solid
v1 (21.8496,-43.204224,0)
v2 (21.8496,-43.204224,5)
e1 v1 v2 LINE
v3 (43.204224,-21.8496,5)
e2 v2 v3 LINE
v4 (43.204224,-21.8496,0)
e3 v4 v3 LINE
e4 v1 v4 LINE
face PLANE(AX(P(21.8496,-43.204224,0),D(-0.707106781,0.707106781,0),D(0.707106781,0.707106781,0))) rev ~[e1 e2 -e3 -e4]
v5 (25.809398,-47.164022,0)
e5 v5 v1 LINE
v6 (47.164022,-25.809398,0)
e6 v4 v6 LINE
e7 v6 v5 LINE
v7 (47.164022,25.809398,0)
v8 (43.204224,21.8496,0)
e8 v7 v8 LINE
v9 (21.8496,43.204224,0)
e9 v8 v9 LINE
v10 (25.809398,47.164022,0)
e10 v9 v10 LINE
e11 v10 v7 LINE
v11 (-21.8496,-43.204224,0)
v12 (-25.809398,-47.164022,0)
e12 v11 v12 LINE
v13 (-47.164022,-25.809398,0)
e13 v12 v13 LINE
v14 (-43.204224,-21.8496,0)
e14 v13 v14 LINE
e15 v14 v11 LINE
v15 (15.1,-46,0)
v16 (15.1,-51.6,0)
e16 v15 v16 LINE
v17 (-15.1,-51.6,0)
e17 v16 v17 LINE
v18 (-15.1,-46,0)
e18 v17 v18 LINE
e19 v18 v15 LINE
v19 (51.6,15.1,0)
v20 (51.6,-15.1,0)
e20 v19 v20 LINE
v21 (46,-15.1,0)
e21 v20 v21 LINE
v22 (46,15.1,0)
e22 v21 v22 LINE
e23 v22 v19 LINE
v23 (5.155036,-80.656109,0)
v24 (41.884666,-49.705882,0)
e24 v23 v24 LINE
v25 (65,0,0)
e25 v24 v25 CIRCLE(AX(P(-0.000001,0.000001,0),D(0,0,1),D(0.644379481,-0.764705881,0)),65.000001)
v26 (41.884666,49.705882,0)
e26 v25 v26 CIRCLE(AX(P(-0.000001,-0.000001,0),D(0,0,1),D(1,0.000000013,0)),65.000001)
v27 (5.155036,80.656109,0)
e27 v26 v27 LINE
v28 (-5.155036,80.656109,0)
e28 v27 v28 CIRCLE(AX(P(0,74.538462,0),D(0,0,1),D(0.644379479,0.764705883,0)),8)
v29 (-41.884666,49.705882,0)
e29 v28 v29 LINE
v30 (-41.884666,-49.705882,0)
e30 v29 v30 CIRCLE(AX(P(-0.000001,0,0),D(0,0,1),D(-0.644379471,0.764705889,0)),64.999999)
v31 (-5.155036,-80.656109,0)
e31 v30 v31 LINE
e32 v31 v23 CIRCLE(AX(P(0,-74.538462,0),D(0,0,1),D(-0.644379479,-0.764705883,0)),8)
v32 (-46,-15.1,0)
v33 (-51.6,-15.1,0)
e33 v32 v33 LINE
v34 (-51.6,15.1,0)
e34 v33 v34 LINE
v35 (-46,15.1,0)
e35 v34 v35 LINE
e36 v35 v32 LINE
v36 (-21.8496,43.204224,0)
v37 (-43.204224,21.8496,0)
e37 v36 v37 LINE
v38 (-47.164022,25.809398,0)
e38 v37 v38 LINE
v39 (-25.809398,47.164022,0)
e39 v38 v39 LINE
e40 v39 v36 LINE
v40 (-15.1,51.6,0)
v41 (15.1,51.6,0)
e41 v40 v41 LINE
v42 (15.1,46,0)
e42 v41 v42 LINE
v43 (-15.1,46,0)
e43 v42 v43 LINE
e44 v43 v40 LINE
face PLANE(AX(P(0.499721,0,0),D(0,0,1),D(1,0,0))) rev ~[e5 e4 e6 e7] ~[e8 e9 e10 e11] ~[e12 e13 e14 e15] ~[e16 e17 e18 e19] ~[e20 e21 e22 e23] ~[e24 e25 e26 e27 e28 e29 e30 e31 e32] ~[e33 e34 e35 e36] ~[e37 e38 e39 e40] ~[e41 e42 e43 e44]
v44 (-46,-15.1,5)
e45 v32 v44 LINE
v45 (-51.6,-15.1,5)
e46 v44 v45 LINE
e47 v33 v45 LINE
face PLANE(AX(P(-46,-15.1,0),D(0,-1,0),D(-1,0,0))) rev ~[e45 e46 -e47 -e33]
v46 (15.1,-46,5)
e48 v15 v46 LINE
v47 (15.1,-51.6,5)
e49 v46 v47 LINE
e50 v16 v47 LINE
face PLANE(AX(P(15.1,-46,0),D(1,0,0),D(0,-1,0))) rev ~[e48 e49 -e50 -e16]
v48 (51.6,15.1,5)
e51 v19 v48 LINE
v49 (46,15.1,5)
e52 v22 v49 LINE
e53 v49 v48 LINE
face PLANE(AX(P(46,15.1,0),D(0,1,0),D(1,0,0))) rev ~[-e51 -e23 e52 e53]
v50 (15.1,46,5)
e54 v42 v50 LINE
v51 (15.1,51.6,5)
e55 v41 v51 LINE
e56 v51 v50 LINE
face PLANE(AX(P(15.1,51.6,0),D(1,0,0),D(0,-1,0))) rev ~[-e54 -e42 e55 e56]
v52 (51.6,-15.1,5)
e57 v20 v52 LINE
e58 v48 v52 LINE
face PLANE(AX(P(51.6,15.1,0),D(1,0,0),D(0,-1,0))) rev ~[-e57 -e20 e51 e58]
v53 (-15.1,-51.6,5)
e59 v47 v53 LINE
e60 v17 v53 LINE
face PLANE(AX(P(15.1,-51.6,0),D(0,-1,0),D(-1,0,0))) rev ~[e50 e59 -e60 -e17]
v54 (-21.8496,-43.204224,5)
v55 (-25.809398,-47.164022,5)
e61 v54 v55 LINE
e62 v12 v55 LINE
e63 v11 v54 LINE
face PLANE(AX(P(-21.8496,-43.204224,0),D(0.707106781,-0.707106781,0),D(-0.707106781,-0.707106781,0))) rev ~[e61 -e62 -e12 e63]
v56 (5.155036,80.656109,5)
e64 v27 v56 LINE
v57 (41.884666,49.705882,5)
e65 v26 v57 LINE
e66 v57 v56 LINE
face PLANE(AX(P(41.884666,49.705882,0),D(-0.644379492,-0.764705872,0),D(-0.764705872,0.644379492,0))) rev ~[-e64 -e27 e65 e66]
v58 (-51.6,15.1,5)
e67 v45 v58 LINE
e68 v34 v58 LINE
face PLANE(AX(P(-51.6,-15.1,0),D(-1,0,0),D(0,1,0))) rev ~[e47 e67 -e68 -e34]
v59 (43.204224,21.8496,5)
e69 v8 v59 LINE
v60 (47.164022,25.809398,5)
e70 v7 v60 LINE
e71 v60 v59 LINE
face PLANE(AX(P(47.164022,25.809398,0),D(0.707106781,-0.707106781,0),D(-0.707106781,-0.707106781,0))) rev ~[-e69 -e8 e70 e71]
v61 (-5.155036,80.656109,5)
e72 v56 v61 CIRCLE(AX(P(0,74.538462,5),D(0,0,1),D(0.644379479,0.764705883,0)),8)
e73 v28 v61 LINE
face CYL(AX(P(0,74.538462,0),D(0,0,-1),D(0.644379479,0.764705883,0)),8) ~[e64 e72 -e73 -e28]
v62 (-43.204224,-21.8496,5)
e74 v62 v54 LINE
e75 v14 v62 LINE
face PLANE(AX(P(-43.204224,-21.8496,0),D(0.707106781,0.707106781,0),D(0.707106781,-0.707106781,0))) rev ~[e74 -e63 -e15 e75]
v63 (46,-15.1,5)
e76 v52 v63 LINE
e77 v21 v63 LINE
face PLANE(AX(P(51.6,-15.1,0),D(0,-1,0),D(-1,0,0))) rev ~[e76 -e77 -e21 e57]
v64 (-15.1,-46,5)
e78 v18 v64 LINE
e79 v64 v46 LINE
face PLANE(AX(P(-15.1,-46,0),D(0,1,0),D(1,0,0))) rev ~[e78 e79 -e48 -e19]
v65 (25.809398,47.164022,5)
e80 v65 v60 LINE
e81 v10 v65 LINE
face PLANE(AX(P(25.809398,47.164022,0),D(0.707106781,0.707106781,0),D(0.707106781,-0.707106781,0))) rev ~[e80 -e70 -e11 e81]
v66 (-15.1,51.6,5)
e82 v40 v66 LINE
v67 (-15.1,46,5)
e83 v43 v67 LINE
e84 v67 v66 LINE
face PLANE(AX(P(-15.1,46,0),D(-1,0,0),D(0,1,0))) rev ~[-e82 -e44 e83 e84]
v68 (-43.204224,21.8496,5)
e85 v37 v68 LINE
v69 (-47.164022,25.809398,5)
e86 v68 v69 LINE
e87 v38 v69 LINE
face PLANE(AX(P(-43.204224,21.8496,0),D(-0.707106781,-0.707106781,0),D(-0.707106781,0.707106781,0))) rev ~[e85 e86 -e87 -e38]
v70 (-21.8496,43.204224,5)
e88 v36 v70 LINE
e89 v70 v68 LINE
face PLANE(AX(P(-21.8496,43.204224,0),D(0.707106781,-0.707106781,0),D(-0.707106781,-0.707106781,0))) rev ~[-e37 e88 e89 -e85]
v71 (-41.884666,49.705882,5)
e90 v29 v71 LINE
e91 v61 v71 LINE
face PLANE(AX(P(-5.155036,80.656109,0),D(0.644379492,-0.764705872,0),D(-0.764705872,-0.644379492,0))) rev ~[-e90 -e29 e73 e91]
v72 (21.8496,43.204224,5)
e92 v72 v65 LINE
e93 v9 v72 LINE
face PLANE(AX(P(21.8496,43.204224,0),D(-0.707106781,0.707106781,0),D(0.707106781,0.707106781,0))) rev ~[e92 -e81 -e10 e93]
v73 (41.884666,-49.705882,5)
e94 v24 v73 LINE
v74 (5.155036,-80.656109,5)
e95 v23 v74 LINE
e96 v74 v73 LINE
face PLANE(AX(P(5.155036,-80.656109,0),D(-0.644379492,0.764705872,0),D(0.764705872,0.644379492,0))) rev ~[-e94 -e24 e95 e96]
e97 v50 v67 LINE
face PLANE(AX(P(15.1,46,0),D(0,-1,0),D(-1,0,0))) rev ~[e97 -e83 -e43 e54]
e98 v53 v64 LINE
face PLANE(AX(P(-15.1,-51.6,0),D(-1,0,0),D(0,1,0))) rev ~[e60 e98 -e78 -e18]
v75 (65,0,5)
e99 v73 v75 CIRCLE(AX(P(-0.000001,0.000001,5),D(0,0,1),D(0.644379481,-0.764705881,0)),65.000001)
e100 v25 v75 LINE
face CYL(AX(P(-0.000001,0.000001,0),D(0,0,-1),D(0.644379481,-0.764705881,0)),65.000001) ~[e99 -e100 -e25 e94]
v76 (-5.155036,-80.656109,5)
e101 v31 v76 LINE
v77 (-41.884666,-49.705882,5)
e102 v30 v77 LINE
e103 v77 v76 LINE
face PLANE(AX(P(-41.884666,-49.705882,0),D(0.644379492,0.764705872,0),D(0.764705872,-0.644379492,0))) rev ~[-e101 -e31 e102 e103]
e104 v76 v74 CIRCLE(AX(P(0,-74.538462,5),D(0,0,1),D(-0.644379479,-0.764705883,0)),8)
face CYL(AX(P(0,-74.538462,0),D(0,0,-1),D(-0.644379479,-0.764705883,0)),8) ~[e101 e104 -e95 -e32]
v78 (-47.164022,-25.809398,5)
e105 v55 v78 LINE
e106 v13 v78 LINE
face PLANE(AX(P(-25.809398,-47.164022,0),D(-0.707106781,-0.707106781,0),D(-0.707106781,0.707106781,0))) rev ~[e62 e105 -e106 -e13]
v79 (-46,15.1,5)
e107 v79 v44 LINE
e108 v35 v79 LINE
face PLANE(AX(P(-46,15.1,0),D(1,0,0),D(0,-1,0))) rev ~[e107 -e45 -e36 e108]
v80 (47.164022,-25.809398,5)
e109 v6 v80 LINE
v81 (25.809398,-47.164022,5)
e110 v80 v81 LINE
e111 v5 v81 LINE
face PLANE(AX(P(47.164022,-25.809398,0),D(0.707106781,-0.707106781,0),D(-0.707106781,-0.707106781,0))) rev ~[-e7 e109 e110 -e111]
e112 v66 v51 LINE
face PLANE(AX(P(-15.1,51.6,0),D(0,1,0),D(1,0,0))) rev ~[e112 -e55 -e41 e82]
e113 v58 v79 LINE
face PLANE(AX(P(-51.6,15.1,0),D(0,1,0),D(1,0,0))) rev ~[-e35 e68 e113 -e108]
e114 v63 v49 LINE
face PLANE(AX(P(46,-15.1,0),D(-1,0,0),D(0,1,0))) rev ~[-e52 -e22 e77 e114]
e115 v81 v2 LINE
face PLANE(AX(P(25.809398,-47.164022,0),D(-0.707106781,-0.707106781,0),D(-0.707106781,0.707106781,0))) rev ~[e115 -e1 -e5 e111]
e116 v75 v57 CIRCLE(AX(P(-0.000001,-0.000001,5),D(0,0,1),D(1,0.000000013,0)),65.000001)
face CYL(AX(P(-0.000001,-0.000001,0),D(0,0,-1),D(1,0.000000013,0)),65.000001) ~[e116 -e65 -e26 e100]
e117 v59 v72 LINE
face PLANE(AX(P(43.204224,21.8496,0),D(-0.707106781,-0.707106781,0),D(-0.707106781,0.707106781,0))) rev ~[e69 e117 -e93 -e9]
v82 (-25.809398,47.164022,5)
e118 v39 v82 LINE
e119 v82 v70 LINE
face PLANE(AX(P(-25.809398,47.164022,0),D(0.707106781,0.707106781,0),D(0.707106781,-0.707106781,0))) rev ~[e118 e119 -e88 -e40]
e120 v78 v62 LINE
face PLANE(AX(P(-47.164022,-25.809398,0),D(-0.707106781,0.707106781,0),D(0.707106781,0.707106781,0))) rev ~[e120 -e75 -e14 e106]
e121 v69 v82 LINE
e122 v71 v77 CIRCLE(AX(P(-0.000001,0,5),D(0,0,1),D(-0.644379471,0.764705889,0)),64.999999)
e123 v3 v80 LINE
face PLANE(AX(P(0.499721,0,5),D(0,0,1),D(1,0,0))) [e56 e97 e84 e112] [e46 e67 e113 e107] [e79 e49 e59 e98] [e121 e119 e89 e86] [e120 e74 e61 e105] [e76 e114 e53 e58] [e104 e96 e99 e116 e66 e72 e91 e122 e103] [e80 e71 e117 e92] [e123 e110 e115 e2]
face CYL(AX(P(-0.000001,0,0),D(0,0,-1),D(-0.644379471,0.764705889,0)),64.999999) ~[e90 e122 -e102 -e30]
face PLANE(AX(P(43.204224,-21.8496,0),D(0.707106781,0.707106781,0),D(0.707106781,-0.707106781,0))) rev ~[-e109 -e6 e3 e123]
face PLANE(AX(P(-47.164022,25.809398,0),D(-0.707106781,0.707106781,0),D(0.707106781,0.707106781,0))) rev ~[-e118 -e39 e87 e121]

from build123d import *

# Parameters (mm, degrees)
F1_DEPTH = 5


with BuildPart() as f1:
    # F0 (on Top) → F1 (new body)
    with BuildSketch(Plane.XY):
        with BuildLine():
            ThreePointArc((41.884666, -49.705882), (58.938541, -27.40891), (65, 0))
            ThreePointArc((65, 0), (58.938541, 27.40891), (41.884666, 49.705882))
            ThreePointArc((41.884666, 49.705882), (0, 65), (-41.884666, 49.705882))
            ThreePointArc((-41.884666, 49.705882), (-65, 0), (-41.884666, -49.705882))
            ThreePointArc((-41.884666, -49.705882), (0, -65), (41.884666, -49.705882))
        make_face()
        Polygon((-47.164022, -25.809398), (-43.204224, -21.8496), (-32.526912, -32.526912), (-21.8496, -43.204224), (-25.809398, -47.164022), (-36.48671, -36.48671), align=None, mode=Mode.SUBTRACT)
        Polygon((-15.1, -51.6), (-15.1, -46), (0, -46), (15.1, -46), (15.1, -51.6), (0, -51.6), align=None, mode=Mode.SUBTRACT)
        Polygon((25.809398, -47.164022), (21.8496, -43.204224), (32.526912, -32.526912), (43.204224, -21.8496), (47.164022, -25.809398), (36.48671, -36.48671), align=None, mode=Mode.SUBTRACT)
        Polygon((-46, 15.1), (-46, 0), (-46, -15.1), (-51.6, -15.1), (-51.6, 0), (-51.6, 15.1), align=None, mode=Mode.SUBTRACT)
        Polygon((-25.809398, 47.164022), (-21.8496, 43.204224), (-32.526912, 32.526912), (-43.204224, 21.8496), (-47.164022, 25.809398), (-36.48671, 36.48671), align=None, mode=Mode.SUBTRACT)
        Polygon((51.6, -15.1), (46, -15.1), (46, 0), (46, 15.1), (51.6, 15.1), (51.6, 0), align=None, mode=Mode.SUBTRACT)
        Polygon((47.164022, 25.809398), (43.204224, 21.8496), (32.526912, 32.526912), (21.8496, 43.204224), (25.809398, 47.164022), (36.48671, 36.48671), align=None, mode=Mode.SUBTRACT)
        Polygon((15.1, 51.6), (15.1, 46), (0, 46), (-15.1, 46), (-15.1, 51.6), (0, 51.6), align=None, mode=Mode.SUBTRACT)
        with BuildLine():
            ThreePointArc((-41.884666, 49.705882), (0, 65), (41.884666, 49.705882))
            Line((41.884666, 49.705882), (5.155036, 80.656109))
            ThreePointArc((5.155036, 80.656109), (0, 82.538462), (-5.155036, 80.656109))
            Line((-5.155036, 80.656109), (-41.884666, 49.705882))
        make_face()
        with BuildLine():
            Line((5.155036, -80.656109), (41.884666, -49.705882))
            ThreePointArc((41.884666, -49.705882), (0, -65), (-41.884666, -49.705882))
            Line((-41.884666, -49.705882), (-5.155036, -80.656109))
            ThreePointArc((-5.155036, -80.656109), (0, -82.538462), (5.155036, -80.656109))
        make_face()
    extrude(amount=F1_DEPTH)


solid = f1.part
